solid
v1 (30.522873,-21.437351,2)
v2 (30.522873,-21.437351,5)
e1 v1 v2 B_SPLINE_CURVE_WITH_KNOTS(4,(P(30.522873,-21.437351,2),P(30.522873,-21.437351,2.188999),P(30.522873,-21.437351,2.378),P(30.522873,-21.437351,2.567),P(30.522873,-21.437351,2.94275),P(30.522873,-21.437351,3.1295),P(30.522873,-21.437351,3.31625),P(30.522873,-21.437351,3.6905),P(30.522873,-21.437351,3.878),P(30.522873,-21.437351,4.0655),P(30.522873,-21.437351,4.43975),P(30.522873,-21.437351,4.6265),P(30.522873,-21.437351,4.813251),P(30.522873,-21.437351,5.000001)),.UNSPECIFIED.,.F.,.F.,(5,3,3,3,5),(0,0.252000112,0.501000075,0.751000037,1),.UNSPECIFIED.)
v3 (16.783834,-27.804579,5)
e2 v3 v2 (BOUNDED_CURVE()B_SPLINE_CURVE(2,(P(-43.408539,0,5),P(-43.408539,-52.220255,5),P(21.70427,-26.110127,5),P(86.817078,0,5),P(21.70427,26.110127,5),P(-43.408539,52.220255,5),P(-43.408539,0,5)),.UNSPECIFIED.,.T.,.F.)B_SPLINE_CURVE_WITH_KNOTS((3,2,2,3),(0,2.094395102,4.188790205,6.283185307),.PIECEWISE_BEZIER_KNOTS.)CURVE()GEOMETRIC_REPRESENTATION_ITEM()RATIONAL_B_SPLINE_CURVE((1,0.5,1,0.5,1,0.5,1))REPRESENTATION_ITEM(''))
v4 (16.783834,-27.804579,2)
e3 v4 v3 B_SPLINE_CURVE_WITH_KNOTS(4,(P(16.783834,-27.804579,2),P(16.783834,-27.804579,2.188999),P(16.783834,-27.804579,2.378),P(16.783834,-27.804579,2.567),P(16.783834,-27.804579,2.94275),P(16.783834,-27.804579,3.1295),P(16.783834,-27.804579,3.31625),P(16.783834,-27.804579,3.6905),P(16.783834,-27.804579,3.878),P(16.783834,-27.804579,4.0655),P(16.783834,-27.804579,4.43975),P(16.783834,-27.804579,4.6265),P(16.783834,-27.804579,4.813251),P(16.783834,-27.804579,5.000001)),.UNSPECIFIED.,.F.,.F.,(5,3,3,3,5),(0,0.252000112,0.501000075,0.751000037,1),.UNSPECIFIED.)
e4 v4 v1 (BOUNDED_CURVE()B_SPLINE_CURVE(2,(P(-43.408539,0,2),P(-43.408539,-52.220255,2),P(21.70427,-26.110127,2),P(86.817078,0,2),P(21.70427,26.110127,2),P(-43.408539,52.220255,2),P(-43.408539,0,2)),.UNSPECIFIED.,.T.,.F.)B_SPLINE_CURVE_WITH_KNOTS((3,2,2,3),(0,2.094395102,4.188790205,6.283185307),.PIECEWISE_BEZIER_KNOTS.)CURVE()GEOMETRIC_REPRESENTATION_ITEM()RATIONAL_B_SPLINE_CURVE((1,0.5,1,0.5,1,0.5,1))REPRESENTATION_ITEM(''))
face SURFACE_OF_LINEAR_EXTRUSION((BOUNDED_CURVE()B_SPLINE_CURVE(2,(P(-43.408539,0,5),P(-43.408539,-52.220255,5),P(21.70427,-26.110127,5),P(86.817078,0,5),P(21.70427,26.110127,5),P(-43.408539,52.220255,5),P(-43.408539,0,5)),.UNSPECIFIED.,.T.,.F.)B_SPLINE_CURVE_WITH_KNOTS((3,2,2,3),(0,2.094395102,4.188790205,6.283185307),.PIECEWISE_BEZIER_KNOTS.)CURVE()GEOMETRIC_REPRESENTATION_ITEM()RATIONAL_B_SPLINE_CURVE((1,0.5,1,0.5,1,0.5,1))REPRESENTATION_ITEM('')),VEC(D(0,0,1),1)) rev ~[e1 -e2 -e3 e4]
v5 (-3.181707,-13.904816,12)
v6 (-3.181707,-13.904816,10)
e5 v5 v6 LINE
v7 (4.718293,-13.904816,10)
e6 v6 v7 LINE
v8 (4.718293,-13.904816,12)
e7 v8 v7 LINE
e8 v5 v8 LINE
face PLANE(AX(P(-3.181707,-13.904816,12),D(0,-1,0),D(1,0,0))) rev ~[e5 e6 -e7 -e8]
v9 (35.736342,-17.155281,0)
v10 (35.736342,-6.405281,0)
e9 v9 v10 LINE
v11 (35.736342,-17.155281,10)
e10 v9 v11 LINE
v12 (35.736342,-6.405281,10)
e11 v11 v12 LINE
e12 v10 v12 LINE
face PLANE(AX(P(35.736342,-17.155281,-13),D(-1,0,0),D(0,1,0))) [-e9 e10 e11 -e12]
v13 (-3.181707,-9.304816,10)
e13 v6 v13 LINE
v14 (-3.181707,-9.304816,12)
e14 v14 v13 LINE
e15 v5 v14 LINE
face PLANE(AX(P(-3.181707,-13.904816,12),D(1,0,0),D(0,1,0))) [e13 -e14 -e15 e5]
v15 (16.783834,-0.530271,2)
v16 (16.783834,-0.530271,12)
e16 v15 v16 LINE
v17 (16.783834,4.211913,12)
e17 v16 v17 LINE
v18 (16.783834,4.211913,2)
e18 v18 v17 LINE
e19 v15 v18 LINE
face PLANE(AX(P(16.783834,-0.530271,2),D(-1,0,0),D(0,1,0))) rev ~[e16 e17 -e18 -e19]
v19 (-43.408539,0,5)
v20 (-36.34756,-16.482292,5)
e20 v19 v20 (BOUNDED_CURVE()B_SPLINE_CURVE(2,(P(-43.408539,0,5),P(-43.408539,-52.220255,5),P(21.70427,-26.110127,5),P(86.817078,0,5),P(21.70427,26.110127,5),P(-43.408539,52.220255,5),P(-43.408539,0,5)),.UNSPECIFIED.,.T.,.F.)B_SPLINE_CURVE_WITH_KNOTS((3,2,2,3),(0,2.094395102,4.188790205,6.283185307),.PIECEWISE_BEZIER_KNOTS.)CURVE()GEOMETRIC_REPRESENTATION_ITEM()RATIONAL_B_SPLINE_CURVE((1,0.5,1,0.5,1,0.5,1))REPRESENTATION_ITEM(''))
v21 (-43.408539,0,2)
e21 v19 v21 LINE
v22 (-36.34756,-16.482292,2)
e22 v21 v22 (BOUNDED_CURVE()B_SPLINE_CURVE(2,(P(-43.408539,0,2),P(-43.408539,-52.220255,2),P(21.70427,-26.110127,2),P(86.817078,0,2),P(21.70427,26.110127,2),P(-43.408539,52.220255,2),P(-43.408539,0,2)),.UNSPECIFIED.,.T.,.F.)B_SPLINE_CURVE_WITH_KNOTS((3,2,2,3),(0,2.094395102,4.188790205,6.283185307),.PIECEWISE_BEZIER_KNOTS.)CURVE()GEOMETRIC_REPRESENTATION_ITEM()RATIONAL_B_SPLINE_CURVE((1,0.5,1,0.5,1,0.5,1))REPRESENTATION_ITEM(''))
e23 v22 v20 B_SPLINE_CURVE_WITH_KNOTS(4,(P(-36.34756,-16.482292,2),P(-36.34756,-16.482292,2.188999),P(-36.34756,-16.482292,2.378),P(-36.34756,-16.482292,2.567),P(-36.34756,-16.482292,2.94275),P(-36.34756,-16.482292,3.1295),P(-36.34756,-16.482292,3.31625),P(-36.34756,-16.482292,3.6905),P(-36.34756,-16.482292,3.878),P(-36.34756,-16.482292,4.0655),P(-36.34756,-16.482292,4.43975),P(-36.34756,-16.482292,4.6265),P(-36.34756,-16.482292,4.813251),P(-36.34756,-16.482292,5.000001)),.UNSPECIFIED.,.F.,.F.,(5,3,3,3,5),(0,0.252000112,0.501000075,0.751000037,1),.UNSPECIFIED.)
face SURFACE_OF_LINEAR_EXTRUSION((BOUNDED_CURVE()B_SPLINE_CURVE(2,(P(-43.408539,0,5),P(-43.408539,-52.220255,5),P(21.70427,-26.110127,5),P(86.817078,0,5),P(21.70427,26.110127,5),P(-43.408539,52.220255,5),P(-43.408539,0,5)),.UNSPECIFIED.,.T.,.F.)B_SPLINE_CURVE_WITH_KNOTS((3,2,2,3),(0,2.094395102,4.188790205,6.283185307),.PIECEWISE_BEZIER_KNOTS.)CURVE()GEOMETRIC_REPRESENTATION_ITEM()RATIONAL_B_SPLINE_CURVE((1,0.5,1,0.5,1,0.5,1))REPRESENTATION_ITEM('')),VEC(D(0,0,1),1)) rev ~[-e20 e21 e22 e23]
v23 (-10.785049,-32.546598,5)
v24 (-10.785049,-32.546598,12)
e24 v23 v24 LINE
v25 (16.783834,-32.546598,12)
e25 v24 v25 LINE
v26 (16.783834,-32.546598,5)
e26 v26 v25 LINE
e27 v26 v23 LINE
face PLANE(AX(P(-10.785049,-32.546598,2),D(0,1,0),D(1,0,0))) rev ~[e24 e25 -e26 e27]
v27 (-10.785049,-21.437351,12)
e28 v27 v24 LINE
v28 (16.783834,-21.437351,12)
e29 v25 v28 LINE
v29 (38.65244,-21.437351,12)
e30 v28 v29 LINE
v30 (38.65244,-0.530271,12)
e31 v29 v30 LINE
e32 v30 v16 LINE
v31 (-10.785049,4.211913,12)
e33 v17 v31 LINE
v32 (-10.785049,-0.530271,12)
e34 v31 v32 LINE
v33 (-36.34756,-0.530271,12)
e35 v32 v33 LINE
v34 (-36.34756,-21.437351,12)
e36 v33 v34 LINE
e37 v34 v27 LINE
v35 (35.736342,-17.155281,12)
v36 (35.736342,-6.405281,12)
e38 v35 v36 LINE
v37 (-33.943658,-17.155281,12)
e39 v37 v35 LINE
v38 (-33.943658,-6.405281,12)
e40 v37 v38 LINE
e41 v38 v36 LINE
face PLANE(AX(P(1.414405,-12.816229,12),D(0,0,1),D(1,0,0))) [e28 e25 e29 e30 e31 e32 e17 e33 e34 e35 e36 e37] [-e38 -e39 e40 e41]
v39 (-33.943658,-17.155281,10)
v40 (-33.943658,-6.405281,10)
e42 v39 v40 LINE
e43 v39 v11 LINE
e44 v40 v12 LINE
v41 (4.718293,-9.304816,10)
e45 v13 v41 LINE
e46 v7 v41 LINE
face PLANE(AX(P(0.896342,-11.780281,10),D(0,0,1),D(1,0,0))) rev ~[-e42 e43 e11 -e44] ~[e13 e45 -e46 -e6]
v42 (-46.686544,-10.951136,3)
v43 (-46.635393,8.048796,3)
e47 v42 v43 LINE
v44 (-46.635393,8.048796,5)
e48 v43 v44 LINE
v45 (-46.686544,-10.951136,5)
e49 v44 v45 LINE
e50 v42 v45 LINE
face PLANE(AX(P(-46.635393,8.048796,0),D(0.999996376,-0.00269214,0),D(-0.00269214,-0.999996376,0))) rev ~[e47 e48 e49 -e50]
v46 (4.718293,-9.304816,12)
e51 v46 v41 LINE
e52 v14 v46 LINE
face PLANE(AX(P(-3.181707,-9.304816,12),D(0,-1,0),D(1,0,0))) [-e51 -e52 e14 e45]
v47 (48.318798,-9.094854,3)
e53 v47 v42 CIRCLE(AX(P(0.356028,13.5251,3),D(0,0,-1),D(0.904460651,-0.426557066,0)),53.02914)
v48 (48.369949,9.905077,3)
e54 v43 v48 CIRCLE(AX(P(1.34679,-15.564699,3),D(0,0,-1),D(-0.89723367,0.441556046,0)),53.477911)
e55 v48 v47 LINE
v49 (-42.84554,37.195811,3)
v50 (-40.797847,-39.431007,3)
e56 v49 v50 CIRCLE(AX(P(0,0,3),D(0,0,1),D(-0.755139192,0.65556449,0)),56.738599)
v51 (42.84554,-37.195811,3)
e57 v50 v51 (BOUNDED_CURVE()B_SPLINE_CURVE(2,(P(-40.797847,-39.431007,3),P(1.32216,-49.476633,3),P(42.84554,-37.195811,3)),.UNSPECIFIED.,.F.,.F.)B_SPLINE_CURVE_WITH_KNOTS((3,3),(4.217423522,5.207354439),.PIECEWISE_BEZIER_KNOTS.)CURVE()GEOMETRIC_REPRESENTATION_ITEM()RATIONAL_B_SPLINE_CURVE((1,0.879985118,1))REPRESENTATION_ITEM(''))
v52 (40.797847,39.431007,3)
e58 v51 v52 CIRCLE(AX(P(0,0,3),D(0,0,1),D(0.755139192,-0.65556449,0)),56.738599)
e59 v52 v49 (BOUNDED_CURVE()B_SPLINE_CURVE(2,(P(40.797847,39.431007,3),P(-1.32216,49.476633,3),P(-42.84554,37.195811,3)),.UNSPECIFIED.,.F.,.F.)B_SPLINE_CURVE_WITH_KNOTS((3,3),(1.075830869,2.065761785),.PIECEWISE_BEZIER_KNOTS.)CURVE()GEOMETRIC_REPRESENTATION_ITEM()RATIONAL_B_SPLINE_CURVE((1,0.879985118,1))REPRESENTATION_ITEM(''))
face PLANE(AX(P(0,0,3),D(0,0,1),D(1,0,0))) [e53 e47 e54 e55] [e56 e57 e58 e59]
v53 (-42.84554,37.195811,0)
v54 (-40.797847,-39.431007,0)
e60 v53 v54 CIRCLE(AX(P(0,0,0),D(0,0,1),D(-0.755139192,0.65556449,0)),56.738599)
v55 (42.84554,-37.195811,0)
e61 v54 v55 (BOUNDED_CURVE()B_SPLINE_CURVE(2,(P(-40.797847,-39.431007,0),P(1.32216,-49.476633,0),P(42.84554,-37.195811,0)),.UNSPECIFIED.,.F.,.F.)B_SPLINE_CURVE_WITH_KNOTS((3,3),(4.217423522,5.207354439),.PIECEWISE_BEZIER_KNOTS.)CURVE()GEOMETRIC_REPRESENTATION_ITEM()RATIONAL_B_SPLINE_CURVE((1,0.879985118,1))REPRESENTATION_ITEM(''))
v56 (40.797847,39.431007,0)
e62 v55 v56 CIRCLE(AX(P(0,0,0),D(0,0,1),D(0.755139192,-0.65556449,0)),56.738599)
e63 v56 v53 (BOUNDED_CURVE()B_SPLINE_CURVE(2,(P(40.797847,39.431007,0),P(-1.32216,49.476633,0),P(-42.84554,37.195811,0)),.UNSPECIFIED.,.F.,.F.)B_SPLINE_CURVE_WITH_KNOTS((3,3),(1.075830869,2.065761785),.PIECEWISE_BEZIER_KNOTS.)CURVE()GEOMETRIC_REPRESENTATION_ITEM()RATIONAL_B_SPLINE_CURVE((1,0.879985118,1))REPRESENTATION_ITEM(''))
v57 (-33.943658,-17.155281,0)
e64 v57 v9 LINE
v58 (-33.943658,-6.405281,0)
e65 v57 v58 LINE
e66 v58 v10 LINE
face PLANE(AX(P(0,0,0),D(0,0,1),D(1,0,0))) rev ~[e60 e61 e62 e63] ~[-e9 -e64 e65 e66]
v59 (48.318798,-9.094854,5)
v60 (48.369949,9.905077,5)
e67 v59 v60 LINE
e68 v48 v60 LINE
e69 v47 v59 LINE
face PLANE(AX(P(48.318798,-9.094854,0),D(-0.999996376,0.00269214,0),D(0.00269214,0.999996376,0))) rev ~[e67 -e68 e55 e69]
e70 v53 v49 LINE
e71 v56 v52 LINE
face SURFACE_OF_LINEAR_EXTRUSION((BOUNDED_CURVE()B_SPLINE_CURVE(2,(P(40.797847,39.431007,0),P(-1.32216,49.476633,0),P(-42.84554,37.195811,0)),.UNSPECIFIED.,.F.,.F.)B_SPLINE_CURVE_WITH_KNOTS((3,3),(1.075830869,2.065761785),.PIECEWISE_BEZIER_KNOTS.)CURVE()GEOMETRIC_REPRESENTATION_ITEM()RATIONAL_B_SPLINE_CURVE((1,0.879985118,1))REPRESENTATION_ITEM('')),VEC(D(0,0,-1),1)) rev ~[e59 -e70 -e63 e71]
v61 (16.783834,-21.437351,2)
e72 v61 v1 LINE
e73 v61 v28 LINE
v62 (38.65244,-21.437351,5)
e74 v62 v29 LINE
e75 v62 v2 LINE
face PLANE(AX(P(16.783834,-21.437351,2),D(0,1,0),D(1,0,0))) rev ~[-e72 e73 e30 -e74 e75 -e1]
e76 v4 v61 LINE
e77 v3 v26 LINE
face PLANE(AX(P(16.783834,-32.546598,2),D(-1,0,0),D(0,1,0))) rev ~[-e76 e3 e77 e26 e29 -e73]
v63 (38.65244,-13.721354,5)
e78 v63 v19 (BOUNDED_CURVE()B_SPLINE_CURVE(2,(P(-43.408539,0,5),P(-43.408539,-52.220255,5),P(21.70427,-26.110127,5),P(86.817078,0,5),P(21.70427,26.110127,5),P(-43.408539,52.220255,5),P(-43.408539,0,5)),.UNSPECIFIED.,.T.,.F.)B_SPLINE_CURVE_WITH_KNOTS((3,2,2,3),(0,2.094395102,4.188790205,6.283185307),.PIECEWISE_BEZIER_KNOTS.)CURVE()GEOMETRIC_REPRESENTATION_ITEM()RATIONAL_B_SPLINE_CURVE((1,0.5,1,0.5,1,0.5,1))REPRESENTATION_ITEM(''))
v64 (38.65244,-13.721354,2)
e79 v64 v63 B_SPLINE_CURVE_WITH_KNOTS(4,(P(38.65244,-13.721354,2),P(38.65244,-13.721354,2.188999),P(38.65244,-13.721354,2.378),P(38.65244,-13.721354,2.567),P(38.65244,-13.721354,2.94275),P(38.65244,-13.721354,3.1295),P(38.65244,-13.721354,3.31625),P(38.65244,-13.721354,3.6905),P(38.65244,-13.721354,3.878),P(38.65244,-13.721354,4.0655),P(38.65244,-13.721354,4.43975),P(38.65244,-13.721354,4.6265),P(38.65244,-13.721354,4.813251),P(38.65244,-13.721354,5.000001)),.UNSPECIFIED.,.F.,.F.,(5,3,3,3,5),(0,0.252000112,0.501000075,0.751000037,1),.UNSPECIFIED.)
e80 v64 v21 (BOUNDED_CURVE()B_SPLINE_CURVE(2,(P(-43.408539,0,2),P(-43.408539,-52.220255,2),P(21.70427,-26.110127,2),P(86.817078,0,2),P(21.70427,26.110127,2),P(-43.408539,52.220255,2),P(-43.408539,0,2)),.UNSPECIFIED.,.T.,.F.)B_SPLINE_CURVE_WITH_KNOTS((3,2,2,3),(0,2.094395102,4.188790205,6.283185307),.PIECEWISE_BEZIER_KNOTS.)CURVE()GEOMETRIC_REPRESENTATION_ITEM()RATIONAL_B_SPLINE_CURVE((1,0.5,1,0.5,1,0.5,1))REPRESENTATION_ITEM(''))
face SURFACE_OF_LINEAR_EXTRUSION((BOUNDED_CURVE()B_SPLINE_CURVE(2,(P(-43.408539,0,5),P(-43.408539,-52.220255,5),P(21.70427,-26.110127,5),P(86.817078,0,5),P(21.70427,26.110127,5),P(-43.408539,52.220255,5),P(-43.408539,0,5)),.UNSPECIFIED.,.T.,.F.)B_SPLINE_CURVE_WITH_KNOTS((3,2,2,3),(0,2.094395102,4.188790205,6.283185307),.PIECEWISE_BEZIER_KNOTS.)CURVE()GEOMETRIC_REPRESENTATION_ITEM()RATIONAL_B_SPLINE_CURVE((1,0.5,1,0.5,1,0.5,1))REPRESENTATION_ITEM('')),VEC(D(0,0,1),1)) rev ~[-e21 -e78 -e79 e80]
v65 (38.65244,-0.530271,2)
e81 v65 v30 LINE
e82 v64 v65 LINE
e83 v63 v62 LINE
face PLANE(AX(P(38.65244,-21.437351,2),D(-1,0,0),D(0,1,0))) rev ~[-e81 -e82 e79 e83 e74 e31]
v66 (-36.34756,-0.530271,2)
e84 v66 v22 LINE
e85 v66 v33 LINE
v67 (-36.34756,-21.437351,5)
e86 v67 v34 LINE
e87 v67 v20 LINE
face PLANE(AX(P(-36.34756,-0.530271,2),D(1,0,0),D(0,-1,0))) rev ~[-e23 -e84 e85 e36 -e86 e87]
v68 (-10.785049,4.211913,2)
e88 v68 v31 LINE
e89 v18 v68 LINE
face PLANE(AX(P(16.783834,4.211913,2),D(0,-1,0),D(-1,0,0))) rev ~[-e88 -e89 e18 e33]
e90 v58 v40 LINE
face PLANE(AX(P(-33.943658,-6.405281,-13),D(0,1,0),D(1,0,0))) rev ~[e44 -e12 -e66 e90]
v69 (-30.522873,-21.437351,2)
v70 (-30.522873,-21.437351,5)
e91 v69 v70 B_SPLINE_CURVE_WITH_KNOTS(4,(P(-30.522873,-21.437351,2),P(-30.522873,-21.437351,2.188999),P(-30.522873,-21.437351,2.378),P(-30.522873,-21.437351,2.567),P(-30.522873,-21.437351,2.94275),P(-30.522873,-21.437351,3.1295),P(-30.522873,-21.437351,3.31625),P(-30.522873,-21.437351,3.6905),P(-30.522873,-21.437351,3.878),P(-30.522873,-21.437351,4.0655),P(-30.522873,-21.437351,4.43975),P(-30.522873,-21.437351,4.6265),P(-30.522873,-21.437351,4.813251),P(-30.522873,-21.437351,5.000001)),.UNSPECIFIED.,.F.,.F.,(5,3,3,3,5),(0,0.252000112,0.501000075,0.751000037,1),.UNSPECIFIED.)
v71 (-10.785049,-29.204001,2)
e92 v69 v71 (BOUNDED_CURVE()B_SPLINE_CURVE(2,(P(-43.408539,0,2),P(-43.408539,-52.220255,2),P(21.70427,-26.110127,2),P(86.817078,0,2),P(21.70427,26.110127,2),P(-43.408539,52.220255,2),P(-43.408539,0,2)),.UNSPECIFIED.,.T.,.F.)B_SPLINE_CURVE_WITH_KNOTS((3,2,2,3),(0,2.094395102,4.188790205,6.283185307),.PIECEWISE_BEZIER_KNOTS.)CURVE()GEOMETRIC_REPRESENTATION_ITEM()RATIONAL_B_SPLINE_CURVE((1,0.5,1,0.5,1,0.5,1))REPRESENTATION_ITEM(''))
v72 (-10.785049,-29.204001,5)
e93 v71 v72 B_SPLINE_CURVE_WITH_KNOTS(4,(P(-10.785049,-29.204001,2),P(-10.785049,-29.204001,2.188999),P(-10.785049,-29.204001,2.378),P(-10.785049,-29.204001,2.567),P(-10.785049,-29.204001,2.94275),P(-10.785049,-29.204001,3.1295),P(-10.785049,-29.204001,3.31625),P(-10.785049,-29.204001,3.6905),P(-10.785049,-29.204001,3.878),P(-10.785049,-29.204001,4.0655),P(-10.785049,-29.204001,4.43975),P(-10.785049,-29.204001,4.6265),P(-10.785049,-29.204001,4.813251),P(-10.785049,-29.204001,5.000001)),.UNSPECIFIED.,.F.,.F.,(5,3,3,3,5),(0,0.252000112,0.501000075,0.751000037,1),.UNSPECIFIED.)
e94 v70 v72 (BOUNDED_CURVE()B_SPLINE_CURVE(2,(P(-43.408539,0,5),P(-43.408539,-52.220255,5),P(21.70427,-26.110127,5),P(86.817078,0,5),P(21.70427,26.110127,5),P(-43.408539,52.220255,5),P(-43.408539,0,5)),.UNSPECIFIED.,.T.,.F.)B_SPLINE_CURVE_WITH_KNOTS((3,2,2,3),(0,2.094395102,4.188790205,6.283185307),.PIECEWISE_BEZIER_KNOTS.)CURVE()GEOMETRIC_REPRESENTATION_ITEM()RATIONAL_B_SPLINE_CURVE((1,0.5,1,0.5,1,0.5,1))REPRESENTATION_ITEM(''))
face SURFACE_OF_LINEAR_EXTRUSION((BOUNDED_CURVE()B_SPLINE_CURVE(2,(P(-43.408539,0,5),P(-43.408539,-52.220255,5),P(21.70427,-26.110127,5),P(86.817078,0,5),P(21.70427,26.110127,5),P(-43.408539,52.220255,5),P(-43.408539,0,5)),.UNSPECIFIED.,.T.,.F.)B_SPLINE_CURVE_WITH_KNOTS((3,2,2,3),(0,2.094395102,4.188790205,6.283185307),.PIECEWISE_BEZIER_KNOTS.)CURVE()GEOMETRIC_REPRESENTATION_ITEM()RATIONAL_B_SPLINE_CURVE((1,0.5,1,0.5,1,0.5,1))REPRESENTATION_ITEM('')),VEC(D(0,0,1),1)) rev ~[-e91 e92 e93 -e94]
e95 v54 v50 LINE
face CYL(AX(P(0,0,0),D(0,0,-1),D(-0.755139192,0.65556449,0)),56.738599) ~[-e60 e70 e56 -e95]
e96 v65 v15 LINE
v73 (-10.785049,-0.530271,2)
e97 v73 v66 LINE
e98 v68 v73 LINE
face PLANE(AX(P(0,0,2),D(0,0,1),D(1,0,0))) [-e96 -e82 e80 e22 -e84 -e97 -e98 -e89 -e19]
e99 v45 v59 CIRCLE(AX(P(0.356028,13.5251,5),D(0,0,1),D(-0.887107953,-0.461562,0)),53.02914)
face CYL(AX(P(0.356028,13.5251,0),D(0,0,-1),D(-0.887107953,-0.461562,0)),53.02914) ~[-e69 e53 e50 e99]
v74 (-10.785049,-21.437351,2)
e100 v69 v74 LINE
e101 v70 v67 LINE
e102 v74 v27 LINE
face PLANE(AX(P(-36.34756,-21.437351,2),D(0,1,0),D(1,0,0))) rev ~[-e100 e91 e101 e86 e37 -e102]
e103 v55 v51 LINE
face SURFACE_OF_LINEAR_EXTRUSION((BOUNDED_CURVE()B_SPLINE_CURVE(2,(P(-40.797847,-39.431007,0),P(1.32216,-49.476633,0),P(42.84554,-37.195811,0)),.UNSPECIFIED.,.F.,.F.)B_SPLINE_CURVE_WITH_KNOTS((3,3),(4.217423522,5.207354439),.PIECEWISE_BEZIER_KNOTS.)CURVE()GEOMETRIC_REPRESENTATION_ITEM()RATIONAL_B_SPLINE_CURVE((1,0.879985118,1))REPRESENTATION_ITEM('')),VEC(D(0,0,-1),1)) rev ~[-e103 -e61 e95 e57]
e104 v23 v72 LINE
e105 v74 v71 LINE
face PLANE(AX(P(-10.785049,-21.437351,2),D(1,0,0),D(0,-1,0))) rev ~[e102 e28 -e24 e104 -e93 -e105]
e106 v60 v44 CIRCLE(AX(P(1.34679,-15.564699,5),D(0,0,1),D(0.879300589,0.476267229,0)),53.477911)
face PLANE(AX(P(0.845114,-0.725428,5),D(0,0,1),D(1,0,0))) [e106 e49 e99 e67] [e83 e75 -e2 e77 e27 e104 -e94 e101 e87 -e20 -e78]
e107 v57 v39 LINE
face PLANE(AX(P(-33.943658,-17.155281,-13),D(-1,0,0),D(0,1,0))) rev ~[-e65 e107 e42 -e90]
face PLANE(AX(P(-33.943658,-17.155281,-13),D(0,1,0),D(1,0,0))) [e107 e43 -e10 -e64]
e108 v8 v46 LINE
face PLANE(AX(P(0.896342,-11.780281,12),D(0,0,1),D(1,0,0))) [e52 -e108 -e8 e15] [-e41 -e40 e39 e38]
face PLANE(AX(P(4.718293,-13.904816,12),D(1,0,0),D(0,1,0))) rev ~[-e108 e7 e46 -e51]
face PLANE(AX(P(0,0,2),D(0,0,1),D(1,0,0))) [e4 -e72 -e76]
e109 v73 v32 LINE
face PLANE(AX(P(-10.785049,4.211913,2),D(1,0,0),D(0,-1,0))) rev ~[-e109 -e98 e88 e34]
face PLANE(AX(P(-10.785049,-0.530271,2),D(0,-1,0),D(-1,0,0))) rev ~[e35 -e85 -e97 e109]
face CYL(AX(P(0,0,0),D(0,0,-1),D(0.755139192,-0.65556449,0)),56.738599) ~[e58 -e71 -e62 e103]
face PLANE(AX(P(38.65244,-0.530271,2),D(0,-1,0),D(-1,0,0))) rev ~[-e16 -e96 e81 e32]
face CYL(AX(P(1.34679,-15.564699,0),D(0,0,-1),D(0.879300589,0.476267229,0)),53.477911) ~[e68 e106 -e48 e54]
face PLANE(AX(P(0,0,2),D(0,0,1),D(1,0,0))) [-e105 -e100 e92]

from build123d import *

# Parameters (mm, degrees)
F1_DEPTH  = 3
F2_DEPTH  = 5
F4_DEPTH  = 3
F6_DEPTH  = 10
F7_W      = 69.68
F7_H      = 10.75
F8_DEPTH  = 25
F9_DEPTH  = 23
F10_W     = 7.9
F10_H     = 4.6
F11_DEPTH = 25


with BuildPart() as f1:
    # F0 (on Top) → F1 (new body)
    with BuildSketch(Plane.XY):
        with BuildLine():
            ThreePointArc((-42.845539618, 37.1958105908), (-56.7183506808, -1.5156802814), (-40.7978468614, -39.4310066082))
            add(Edge.make_bspline(
                [(-40.7978468614, -39.4310066082), (1.3221603939, -49.4766328995), (42.845539618, -37.1958105908)],
                knots=[4.2174235222, 4.2174235222, 4.2174235222, 5.2073544386, 5.2073544386, 5.2073544386], degree=2, weights=[1, 0.8799851178, 1]))
            ThreePointArc((42.845539618, -37.1958105908), (56.7183506808, 1.5156802814), (40.7978468614, 39.4310066082))
            add(Edge.make_bspline(
                [(40.7978468614, 39.4310066082), (-1.3221603939, 49.4766328995), (-42.845539618, 37.1958105908)],
                knots=[1.0758308686, 1.0758308686, 1.0758308686, 2.065761785, 2.065761785, 2.065761785], degree=2, weights=[1, 0.8799851178, 1]))
        make_face()
        with BuildLine():
            Line((-46.686543786, -10.9511355131), (-46.6353931233, 8.0487956344))
            ThreePointArc((-46.6353931233, 8.0487956344), (0.3020996759, 37.90300692), (48.3699485287, 9.9050772031))
            Line((48.3699485287, 9.9050772031), (48.318797866, -9.0948539444))
            ThreePointArc((48.318797866, -9.0948539444), (1.3919508256, -39.4939200459), (-46.686543786, -10.9511355131))
        make_face(mode=Mode.SUBTRACT)
    extrude(amount=F1_DEPTH)

    # F0 (on Top) → F2 (join)
    with BuildSketch(Plane.XY):
        with BuildLine():
            ThreePointArc((48.3699485287, 9.9050772031), (0.3020996759, 37.90300692), (-46.6353931233, 8.0487956344))
            Line((-46.6353931233, 8.0487956344), (-46.686543786, -10.9511355131))
            ThreePointArc((-46.686543786, -10.9511355131), (1.3919508256, -39.4939200459), (48.318797866, -9.0948539444))
            Line((48.318797866, -9.0948539444), (48.3699485287, 9.9050772031))
        make_face()
    extrude(amount=F2_DEPTH)

    # F3 (on face) → F4 (cut)
    with BuildSketch(Plane.XY.offset(5)):
        with BuildLine():
            add(Edge.make_bspline(
                [(-43.4085391462, 0), (-43.4085391462, -52.2202545458), (21.7042695731, -26.1101272729), (86.8170782924, 0), (21.7042695731, 26.1101272729), (-43.4085391462, 52.2202545458), (-43.4085391462, 0)],
                knots=[0, 0, 0, 2.0943951024, 2.0943951024, 4.1887902048, 4.1887902048, 6.2831853072, 6.2831853072, 6.2831853072], degree=2, weights=[1, 0.5, 1, 0.5, 1, 0.5, 1]))
        make_face()
    extrude(amount=-F4_DEPTH, mode=Mode.SUBTRACT)

    # F5 (on face) → F6 (join)
    with BuildSketch(Plane.XY.offset(2)):
        Polygon((-36.3475600258, -0.5302710927), (-36.3475600258, -21.4373511259), (-10.7850488275, -21.4373511259), (-10.7850488275, -32.5465984643), (16.7838335037, -32.5465984643), (16.7838335037, -21.4373511259), (38.6524399742, -21.4373511259), (38.6524399742, -0.5302710927), (16.7838335037, -0.5302710927), (16.7838335037, 4.211912863), (-10.7850488275, 4.211912863), (-10.7850488275, -0.5302710927), align=None)
    extrude(amount=F6_DEPTH)

    # F7 (on face) → F8 (join)
    with BuildSketch(Plane.XY.offset(12)):
        with Locations((0.8963420987, -11.7802812491)):
            Rectangle(F7_W, F7_H)
    extrude(amount=-F8_DEPTH)

    # F9 (cut): a face of the model
    f9_faces = [f1.faces().sort_by_distance(p)[0] for p in [
        (0.8963420987, -11.7802812491, -13),
    ]]
    extrude(f9_faces, amount=-F9_DEPTH, mode=Mode.SUBTRACT)

    # F10 (on face) → F11 (cut)
    with BuildSketch(Plane.XY.offset(12)):
        with Locations((0.7682931609, -11.6048155945)):
            Rectangle(F10_W, F10_H)
    extrude(amount=-F11_DEPTH, mode=Mode.SUBTRACT)


solid = f1.part
